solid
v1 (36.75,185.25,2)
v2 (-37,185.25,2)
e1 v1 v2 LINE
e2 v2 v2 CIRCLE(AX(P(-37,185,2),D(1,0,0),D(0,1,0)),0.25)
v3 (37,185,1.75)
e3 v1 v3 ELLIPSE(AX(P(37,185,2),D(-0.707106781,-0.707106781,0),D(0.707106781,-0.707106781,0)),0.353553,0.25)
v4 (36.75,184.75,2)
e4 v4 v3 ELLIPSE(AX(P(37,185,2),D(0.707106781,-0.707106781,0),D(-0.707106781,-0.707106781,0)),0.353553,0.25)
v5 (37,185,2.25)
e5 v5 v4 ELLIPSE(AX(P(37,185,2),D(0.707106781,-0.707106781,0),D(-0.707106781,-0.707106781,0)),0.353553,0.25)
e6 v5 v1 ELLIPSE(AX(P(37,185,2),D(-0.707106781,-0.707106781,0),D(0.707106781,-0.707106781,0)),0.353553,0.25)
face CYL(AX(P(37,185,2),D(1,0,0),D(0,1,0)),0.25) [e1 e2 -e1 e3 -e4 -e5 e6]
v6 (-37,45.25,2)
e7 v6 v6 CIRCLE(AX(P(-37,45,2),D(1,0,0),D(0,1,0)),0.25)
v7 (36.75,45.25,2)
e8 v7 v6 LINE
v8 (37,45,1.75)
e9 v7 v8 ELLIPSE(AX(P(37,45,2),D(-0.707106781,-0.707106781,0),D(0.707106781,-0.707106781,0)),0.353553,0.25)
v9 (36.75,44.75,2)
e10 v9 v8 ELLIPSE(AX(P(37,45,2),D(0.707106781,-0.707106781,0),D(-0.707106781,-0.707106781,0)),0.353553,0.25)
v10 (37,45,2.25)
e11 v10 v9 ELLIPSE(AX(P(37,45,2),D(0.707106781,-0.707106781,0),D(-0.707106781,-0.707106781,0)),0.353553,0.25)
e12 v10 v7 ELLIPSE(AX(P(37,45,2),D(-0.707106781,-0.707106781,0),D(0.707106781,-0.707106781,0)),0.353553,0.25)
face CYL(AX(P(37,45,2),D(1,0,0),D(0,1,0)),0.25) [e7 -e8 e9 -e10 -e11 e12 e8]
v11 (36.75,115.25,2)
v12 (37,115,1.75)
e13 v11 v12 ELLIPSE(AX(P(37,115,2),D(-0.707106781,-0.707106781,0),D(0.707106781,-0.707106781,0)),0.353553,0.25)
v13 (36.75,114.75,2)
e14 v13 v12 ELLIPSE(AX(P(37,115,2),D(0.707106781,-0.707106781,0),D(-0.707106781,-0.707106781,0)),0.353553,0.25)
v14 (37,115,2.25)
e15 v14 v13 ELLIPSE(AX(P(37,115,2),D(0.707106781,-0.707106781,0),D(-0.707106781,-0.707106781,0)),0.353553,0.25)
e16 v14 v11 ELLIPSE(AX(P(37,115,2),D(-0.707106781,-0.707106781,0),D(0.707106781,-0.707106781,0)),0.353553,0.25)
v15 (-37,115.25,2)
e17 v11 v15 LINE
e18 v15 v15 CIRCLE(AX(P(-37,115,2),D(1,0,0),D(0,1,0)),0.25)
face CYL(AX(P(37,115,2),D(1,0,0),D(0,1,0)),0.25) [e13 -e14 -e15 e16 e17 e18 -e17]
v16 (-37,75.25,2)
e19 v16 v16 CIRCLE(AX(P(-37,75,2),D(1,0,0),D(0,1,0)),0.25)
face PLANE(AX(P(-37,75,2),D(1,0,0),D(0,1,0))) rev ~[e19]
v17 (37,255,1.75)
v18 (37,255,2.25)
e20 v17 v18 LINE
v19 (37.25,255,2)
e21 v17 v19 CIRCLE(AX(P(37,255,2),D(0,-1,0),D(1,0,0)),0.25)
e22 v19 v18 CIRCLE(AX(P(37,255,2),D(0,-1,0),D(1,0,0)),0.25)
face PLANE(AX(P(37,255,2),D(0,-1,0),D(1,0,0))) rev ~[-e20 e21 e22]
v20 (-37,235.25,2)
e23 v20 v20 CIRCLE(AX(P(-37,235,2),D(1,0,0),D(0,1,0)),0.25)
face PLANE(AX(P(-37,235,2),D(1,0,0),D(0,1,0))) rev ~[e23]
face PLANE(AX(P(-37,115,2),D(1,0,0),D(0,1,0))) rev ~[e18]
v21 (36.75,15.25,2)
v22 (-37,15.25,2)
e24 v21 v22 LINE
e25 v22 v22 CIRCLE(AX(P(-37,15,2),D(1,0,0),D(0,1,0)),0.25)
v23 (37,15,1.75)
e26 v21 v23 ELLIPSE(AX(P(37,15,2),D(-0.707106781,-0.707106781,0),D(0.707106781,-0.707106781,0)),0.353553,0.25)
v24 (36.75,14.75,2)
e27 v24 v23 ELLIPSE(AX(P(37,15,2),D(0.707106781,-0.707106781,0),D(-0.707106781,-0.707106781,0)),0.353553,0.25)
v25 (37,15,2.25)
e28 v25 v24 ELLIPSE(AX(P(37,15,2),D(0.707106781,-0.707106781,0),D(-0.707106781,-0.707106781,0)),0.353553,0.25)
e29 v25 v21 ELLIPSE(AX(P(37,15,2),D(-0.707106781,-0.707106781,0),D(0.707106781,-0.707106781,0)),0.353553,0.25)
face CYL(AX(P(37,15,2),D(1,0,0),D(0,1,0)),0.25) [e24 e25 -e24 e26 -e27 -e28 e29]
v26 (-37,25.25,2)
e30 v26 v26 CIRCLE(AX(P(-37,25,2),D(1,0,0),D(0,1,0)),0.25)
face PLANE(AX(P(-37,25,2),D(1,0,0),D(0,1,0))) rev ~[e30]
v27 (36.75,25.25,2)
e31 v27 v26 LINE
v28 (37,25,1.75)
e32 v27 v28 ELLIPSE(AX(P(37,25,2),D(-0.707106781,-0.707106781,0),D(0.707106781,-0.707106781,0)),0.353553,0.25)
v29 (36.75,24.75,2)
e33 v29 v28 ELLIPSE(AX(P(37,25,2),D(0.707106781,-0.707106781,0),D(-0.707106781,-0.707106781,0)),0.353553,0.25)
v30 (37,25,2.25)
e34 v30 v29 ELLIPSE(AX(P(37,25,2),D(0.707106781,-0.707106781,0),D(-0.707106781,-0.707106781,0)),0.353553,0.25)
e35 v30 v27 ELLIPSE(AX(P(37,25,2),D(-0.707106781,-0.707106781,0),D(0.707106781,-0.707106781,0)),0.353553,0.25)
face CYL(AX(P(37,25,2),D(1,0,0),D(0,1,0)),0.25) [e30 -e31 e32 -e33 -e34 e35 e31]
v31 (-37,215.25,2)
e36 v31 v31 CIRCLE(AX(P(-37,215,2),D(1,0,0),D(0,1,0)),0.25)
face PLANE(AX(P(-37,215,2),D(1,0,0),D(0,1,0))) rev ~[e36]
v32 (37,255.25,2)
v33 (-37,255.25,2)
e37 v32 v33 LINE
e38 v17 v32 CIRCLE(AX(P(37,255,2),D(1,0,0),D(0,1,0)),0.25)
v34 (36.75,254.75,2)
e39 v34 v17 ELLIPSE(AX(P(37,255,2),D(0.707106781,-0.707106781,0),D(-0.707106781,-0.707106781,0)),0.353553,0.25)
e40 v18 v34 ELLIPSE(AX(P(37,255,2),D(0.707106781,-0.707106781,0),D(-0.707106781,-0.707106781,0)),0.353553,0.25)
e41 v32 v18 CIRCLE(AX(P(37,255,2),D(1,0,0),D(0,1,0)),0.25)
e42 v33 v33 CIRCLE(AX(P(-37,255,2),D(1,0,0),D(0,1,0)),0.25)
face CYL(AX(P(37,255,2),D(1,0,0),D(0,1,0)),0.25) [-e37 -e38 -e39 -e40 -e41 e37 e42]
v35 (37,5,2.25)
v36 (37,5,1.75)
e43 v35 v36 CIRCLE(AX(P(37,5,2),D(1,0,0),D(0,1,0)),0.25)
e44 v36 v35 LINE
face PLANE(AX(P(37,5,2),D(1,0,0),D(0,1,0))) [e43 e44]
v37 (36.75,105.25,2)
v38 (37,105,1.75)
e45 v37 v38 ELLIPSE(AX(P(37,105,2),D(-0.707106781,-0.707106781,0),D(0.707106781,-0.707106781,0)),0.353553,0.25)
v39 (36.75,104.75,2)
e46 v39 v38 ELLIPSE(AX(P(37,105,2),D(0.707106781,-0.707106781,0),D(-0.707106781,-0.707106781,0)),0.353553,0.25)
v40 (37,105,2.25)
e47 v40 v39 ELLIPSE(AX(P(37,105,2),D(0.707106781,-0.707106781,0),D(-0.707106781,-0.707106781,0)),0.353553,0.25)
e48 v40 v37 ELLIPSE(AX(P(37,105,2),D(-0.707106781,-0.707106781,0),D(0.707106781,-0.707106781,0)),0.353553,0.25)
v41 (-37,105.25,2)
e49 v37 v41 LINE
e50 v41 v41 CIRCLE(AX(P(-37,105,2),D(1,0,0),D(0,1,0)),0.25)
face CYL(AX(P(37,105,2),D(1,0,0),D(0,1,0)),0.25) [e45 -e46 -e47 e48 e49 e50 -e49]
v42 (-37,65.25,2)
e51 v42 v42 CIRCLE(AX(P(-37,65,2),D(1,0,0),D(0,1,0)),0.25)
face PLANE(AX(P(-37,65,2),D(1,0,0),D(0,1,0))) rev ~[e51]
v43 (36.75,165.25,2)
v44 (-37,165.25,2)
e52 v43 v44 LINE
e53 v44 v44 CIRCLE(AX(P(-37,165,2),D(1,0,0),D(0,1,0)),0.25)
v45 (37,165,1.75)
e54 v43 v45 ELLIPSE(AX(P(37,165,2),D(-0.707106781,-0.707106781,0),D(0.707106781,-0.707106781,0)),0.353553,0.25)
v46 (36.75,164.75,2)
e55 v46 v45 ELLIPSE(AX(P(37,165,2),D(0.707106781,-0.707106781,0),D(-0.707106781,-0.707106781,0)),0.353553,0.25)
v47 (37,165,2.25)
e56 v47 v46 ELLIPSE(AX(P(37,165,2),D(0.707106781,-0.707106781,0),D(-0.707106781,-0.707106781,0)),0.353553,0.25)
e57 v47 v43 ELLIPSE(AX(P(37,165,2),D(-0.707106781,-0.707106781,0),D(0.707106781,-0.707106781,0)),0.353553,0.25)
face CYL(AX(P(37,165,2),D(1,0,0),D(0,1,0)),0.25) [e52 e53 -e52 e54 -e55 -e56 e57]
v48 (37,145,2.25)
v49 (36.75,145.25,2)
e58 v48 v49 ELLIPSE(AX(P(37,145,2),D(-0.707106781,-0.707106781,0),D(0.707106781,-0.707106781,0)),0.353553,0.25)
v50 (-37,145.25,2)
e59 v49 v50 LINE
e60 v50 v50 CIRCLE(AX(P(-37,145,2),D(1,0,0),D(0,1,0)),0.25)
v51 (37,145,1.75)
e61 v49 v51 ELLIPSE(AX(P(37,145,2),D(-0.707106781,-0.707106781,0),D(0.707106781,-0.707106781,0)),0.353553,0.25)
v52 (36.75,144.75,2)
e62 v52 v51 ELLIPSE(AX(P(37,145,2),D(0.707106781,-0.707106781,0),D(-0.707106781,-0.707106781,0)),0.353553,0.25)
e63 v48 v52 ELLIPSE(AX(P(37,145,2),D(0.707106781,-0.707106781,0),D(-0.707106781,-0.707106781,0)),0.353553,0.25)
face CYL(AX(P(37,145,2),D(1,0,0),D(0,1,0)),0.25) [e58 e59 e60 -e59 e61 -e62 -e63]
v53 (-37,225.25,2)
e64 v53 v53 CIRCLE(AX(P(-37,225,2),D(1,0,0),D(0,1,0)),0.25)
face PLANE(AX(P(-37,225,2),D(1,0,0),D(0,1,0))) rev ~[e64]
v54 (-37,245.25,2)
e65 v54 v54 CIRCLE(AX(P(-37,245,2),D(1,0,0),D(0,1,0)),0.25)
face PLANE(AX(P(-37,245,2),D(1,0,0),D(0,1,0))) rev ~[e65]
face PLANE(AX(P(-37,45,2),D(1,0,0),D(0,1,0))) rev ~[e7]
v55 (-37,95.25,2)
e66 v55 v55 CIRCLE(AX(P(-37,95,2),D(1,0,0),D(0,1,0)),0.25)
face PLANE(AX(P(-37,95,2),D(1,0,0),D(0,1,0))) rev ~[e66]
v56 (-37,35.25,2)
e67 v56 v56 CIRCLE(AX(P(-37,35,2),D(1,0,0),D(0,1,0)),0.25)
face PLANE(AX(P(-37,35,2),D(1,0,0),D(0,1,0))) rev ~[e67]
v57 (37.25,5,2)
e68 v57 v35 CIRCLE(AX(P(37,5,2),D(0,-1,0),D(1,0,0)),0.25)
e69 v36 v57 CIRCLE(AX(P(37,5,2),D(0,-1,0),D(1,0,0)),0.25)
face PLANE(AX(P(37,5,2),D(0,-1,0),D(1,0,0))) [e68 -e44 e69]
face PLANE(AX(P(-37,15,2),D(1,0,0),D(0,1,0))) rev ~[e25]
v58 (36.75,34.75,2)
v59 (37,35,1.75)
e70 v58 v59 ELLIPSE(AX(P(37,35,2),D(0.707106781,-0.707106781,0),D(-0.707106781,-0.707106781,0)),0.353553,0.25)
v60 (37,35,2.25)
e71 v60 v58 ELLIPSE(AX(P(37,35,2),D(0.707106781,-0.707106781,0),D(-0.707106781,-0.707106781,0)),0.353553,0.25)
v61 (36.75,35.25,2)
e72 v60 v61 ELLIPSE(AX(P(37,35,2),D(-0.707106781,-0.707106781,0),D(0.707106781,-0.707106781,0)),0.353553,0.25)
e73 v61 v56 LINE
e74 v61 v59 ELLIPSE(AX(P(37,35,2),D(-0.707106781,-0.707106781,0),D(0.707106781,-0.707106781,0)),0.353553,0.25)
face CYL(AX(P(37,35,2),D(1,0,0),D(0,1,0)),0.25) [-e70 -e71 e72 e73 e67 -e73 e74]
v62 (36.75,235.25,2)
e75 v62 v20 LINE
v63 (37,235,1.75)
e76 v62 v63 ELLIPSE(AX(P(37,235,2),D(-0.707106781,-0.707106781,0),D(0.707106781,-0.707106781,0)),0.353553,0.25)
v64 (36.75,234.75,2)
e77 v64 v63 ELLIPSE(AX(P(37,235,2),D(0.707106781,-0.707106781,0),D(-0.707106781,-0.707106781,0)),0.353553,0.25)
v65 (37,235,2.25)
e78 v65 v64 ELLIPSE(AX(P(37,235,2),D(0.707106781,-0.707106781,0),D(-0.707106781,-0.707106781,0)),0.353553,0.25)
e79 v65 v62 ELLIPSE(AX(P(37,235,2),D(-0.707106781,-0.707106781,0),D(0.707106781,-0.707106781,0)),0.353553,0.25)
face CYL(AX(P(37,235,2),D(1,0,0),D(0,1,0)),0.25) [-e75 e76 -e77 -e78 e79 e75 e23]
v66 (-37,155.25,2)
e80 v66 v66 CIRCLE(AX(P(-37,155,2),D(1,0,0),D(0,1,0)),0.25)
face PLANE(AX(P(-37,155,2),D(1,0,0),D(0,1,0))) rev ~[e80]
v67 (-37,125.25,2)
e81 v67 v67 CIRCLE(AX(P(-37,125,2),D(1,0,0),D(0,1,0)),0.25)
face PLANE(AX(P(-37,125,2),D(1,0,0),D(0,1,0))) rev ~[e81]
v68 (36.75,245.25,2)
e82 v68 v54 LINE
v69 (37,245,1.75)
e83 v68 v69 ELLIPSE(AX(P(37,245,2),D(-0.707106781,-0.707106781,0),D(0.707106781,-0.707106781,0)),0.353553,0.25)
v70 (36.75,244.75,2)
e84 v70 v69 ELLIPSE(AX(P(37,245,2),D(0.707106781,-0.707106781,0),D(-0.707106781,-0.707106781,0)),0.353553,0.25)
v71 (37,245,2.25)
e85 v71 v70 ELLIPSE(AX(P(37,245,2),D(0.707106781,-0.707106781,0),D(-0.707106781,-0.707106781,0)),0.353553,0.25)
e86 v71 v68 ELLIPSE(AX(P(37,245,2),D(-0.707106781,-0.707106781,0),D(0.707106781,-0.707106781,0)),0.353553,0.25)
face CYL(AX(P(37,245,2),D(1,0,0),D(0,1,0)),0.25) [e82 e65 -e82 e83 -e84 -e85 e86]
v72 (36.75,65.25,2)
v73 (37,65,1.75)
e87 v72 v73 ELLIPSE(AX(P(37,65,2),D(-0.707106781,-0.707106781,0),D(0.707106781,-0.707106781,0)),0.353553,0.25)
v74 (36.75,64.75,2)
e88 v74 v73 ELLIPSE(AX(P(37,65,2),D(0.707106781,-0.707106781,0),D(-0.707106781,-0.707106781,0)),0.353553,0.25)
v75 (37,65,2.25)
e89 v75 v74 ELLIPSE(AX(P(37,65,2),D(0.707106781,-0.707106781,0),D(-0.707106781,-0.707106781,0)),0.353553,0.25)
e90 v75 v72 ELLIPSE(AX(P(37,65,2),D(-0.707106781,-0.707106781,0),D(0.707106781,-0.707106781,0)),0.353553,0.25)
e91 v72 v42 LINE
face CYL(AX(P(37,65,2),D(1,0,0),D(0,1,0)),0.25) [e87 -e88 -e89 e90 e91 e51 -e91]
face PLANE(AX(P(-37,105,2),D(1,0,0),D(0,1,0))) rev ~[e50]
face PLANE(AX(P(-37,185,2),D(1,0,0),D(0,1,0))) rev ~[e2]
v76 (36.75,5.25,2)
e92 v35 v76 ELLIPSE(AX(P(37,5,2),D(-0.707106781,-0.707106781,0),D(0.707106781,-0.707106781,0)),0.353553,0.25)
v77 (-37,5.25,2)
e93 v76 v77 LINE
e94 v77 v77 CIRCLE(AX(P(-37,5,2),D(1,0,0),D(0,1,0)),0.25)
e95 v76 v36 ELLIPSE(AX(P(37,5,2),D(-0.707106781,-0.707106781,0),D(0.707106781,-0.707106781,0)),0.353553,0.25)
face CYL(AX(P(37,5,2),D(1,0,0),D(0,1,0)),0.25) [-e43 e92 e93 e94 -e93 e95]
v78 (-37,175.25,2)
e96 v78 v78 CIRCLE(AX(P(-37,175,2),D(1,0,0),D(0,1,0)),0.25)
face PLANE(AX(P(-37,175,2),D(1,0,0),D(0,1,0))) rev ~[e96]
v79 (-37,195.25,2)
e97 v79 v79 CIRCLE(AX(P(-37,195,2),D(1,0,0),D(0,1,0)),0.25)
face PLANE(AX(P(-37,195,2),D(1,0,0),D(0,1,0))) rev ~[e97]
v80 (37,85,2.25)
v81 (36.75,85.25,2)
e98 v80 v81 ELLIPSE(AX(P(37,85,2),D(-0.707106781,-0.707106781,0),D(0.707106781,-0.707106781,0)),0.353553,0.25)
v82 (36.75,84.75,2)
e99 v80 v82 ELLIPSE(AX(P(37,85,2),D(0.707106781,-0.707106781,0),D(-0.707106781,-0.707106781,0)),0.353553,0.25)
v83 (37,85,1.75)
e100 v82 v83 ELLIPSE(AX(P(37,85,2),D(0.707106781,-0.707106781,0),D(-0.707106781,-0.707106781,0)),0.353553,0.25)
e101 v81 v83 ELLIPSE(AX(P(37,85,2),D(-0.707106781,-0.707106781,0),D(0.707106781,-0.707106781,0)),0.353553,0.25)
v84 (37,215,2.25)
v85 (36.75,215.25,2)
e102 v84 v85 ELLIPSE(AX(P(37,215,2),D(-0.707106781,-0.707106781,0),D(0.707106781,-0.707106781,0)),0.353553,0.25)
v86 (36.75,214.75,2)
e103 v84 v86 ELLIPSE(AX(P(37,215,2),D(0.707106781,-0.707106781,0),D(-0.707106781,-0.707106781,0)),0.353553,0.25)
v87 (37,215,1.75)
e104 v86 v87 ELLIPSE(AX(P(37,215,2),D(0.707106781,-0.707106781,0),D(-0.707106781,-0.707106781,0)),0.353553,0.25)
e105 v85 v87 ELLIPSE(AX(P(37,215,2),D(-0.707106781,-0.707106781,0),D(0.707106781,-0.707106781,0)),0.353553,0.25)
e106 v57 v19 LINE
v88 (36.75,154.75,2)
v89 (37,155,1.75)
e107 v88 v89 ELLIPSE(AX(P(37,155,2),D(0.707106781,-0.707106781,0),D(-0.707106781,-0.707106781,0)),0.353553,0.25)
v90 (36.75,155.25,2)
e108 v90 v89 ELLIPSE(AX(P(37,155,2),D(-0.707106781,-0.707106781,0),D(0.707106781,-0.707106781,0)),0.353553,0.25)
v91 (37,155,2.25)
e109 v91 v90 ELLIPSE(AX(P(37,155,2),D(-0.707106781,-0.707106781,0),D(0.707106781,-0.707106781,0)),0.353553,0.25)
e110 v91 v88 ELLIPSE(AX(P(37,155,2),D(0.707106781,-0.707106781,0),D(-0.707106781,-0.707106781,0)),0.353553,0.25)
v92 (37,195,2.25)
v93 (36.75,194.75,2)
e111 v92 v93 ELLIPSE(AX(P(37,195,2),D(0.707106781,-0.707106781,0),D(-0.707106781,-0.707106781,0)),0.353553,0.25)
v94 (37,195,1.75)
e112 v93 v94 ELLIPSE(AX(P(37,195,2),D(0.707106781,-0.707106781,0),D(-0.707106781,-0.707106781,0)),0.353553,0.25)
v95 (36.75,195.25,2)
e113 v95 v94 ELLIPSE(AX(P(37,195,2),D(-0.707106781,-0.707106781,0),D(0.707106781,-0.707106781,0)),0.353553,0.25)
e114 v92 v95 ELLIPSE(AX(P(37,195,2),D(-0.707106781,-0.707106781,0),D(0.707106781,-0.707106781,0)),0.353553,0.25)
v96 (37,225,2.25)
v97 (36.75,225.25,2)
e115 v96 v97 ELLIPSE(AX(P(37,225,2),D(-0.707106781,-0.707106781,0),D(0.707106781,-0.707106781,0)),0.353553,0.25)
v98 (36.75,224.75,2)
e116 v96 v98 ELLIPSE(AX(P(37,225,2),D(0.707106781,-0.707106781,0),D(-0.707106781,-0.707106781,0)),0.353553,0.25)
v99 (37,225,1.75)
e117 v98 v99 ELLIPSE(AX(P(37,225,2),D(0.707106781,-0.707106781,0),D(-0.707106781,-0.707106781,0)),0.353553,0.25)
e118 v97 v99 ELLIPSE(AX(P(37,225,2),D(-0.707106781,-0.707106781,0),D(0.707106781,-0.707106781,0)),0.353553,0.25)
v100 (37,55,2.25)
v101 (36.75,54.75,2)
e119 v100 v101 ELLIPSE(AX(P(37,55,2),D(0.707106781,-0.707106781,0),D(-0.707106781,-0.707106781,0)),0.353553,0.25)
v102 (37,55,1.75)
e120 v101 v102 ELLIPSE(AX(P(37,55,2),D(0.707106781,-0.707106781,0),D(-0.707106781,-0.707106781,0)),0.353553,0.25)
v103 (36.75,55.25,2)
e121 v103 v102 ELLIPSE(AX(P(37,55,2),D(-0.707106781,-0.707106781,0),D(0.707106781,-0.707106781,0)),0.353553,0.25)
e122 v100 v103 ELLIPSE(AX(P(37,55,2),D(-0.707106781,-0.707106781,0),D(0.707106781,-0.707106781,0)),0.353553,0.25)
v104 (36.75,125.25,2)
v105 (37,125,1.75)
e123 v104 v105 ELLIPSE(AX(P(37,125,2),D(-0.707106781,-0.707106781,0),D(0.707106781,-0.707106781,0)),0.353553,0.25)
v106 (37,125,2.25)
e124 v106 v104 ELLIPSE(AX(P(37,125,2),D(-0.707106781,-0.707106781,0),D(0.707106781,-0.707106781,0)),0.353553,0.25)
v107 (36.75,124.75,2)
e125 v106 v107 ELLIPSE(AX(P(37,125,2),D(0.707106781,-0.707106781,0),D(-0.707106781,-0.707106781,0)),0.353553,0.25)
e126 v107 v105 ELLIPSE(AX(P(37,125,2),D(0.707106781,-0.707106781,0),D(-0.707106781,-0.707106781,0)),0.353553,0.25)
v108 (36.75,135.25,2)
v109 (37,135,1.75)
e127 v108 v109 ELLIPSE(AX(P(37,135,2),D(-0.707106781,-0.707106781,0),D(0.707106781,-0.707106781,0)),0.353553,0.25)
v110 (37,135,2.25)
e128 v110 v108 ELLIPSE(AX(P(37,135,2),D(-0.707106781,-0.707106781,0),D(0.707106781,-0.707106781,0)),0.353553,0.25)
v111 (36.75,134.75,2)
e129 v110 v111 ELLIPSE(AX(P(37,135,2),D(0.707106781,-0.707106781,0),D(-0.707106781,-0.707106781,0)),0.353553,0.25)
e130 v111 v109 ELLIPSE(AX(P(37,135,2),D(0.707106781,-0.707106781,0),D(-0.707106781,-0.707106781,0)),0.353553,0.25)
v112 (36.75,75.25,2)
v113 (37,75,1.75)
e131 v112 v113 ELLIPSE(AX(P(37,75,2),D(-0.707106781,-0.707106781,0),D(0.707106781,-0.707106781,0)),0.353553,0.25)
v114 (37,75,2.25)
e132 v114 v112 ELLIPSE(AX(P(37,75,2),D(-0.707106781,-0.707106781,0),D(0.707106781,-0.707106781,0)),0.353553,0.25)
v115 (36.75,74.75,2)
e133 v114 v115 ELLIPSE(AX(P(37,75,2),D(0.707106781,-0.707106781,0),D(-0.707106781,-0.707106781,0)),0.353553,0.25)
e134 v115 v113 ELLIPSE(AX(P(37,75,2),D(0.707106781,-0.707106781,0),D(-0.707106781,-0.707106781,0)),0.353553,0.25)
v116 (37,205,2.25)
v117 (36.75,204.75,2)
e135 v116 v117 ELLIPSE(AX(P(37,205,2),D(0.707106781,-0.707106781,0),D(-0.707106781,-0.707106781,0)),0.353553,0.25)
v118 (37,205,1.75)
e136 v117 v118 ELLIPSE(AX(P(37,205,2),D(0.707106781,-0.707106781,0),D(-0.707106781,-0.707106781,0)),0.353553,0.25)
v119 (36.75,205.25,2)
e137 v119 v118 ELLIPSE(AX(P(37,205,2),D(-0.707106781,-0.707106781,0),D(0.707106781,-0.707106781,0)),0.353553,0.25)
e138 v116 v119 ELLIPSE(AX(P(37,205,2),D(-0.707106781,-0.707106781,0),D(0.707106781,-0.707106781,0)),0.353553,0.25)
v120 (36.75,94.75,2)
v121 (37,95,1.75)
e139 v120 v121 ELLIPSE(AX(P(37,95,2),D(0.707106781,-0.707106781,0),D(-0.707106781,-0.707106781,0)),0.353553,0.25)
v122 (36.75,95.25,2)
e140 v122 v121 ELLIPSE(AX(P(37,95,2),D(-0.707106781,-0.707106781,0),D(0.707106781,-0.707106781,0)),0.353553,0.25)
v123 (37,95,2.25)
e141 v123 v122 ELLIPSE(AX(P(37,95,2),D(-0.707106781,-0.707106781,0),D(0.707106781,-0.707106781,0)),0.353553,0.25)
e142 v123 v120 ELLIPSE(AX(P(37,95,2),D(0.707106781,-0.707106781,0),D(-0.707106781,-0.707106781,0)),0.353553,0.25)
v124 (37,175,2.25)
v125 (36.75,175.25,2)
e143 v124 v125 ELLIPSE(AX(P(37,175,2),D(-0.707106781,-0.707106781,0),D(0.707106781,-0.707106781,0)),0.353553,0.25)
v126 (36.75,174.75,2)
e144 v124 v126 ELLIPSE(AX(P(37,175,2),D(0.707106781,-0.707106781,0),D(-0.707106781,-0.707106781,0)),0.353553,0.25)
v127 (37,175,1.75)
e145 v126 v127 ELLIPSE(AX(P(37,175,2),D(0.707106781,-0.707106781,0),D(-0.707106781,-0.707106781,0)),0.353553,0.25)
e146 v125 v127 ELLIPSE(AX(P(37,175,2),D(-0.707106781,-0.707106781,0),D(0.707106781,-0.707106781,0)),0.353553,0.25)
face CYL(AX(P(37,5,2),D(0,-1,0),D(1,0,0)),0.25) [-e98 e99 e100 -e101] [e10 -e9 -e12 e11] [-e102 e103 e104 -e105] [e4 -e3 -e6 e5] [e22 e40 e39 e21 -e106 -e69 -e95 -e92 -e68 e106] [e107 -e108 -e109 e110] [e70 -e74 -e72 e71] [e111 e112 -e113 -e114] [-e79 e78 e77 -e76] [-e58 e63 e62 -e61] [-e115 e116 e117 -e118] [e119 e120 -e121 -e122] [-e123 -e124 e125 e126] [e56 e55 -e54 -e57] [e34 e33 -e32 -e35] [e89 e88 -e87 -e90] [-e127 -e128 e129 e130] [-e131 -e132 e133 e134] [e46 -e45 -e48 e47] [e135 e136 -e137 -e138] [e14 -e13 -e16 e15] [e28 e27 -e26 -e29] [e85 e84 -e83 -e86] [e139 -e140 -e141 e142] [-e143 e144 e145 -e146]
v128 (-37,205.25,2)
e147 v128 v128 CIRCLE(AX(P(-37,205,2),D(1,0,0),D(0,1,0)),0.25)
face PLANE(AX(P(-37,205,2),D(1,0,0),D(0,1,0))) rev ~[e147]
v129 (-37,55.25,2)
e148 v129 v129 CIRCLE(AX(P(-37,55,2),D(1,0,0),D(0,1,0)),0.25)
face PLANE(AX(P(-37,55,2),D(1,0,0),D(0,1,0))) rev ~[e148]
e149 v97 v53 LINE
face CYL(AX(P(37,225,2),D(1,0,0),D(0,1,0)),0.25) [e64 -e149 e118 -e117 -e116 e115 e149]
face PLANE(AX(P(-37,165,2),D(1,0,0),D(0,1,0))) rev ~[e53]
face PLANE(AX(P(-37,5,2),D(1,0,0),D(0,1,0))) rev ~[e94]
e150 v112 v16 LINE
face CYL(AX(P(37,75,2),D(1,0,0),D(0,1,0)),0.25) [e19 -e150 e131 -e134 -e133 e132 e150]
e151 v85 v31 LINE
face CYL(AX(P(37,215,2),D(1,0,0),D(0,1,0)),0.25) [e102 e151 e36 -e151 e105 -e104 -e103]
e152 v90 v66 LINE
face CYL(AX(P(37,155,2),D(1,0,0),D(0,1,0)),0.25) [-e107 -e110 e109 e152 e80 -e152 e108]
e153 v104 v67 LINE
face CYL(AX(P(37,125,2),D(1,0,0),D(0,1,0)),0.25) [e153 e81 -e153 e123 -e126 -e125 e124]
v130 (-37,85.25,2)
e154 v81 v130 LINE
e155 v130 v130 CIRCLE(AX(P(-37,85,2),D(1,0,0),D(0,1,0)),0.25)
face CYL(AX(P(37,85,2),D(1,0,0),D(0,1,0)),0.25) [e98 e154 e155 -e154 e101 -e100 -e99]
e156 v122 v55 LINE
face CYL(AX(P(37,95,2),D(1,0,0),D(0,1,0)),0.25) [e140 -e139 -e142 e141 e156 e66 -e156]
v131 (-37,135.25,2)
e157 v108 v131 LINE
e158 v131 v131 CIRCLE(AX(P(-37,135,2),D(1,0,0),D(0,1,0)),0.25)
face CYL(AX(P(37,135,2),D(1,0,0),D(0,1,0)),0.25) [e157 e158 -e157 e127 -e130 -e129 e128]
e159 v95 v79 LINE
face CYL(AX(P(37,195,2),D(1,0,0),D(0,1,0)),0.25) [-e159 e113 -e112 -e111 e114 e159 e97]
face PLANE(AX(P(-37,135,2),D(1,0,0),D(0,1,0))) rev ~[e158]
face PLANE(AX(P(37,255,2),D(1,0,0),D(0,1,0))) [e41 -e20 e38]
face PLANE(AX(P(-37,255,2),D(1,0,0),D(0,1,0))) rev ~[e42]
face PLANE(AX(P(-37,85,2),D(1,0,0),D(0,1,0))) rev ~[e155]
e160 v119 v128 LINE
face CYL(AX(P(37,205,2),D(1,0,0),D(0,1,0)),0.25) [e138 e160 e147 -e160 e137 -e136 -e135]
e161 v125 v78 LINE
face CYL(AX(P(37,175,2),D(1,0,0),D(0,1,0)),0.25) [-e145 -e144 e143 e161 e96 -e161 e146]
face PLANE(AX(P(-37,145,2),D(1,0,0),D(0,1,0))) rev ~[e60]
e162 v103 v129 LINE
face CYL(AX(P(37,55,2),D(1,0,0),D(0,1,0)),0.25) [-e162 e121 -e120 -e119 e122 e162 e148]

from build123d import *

# Parameters (mm, degrees)
SKETCH004_R            = 0.25
PAD001_DEPTH           = 250
SKETCH003_R            = 0.25
PAD002_DEPTH           = 74
LINEARPATTERN002_COUNT = 26
LINEARPATTERN002_PITCH = 10


with BuildPart() as part:
    # Sketch004 → Pad001 (new body)
    with BuildSketch(Plane(origin=(37, 0, 0), x_dir=(1, 0, 0), z_dir=(0, -1, 0))):
        Circle(SKETCH004_R)
    extrude(amount=-PAD001_DEPTH)

    # Sketch003 → Pad002 (join)
    with BuildSketch(Plane.YZ.offset(37)):
        Circle(SKETCH003_R)
    pad002 = extrude(amount=-PAD002_DEPTH)

    # LinearPattern002: Pad002 ×26
    with Locations(*[(0, i * LINEARPATTERN002_PITCH, 0) for i in range(1, LINEARPATTERN002_COUNT)]):
        add(pad002)


with BuildPart() as part_1:
    # Body001 placement: moved
    add(part.part.moved(Location((0, 5, 2))))


solid = part_1.part
